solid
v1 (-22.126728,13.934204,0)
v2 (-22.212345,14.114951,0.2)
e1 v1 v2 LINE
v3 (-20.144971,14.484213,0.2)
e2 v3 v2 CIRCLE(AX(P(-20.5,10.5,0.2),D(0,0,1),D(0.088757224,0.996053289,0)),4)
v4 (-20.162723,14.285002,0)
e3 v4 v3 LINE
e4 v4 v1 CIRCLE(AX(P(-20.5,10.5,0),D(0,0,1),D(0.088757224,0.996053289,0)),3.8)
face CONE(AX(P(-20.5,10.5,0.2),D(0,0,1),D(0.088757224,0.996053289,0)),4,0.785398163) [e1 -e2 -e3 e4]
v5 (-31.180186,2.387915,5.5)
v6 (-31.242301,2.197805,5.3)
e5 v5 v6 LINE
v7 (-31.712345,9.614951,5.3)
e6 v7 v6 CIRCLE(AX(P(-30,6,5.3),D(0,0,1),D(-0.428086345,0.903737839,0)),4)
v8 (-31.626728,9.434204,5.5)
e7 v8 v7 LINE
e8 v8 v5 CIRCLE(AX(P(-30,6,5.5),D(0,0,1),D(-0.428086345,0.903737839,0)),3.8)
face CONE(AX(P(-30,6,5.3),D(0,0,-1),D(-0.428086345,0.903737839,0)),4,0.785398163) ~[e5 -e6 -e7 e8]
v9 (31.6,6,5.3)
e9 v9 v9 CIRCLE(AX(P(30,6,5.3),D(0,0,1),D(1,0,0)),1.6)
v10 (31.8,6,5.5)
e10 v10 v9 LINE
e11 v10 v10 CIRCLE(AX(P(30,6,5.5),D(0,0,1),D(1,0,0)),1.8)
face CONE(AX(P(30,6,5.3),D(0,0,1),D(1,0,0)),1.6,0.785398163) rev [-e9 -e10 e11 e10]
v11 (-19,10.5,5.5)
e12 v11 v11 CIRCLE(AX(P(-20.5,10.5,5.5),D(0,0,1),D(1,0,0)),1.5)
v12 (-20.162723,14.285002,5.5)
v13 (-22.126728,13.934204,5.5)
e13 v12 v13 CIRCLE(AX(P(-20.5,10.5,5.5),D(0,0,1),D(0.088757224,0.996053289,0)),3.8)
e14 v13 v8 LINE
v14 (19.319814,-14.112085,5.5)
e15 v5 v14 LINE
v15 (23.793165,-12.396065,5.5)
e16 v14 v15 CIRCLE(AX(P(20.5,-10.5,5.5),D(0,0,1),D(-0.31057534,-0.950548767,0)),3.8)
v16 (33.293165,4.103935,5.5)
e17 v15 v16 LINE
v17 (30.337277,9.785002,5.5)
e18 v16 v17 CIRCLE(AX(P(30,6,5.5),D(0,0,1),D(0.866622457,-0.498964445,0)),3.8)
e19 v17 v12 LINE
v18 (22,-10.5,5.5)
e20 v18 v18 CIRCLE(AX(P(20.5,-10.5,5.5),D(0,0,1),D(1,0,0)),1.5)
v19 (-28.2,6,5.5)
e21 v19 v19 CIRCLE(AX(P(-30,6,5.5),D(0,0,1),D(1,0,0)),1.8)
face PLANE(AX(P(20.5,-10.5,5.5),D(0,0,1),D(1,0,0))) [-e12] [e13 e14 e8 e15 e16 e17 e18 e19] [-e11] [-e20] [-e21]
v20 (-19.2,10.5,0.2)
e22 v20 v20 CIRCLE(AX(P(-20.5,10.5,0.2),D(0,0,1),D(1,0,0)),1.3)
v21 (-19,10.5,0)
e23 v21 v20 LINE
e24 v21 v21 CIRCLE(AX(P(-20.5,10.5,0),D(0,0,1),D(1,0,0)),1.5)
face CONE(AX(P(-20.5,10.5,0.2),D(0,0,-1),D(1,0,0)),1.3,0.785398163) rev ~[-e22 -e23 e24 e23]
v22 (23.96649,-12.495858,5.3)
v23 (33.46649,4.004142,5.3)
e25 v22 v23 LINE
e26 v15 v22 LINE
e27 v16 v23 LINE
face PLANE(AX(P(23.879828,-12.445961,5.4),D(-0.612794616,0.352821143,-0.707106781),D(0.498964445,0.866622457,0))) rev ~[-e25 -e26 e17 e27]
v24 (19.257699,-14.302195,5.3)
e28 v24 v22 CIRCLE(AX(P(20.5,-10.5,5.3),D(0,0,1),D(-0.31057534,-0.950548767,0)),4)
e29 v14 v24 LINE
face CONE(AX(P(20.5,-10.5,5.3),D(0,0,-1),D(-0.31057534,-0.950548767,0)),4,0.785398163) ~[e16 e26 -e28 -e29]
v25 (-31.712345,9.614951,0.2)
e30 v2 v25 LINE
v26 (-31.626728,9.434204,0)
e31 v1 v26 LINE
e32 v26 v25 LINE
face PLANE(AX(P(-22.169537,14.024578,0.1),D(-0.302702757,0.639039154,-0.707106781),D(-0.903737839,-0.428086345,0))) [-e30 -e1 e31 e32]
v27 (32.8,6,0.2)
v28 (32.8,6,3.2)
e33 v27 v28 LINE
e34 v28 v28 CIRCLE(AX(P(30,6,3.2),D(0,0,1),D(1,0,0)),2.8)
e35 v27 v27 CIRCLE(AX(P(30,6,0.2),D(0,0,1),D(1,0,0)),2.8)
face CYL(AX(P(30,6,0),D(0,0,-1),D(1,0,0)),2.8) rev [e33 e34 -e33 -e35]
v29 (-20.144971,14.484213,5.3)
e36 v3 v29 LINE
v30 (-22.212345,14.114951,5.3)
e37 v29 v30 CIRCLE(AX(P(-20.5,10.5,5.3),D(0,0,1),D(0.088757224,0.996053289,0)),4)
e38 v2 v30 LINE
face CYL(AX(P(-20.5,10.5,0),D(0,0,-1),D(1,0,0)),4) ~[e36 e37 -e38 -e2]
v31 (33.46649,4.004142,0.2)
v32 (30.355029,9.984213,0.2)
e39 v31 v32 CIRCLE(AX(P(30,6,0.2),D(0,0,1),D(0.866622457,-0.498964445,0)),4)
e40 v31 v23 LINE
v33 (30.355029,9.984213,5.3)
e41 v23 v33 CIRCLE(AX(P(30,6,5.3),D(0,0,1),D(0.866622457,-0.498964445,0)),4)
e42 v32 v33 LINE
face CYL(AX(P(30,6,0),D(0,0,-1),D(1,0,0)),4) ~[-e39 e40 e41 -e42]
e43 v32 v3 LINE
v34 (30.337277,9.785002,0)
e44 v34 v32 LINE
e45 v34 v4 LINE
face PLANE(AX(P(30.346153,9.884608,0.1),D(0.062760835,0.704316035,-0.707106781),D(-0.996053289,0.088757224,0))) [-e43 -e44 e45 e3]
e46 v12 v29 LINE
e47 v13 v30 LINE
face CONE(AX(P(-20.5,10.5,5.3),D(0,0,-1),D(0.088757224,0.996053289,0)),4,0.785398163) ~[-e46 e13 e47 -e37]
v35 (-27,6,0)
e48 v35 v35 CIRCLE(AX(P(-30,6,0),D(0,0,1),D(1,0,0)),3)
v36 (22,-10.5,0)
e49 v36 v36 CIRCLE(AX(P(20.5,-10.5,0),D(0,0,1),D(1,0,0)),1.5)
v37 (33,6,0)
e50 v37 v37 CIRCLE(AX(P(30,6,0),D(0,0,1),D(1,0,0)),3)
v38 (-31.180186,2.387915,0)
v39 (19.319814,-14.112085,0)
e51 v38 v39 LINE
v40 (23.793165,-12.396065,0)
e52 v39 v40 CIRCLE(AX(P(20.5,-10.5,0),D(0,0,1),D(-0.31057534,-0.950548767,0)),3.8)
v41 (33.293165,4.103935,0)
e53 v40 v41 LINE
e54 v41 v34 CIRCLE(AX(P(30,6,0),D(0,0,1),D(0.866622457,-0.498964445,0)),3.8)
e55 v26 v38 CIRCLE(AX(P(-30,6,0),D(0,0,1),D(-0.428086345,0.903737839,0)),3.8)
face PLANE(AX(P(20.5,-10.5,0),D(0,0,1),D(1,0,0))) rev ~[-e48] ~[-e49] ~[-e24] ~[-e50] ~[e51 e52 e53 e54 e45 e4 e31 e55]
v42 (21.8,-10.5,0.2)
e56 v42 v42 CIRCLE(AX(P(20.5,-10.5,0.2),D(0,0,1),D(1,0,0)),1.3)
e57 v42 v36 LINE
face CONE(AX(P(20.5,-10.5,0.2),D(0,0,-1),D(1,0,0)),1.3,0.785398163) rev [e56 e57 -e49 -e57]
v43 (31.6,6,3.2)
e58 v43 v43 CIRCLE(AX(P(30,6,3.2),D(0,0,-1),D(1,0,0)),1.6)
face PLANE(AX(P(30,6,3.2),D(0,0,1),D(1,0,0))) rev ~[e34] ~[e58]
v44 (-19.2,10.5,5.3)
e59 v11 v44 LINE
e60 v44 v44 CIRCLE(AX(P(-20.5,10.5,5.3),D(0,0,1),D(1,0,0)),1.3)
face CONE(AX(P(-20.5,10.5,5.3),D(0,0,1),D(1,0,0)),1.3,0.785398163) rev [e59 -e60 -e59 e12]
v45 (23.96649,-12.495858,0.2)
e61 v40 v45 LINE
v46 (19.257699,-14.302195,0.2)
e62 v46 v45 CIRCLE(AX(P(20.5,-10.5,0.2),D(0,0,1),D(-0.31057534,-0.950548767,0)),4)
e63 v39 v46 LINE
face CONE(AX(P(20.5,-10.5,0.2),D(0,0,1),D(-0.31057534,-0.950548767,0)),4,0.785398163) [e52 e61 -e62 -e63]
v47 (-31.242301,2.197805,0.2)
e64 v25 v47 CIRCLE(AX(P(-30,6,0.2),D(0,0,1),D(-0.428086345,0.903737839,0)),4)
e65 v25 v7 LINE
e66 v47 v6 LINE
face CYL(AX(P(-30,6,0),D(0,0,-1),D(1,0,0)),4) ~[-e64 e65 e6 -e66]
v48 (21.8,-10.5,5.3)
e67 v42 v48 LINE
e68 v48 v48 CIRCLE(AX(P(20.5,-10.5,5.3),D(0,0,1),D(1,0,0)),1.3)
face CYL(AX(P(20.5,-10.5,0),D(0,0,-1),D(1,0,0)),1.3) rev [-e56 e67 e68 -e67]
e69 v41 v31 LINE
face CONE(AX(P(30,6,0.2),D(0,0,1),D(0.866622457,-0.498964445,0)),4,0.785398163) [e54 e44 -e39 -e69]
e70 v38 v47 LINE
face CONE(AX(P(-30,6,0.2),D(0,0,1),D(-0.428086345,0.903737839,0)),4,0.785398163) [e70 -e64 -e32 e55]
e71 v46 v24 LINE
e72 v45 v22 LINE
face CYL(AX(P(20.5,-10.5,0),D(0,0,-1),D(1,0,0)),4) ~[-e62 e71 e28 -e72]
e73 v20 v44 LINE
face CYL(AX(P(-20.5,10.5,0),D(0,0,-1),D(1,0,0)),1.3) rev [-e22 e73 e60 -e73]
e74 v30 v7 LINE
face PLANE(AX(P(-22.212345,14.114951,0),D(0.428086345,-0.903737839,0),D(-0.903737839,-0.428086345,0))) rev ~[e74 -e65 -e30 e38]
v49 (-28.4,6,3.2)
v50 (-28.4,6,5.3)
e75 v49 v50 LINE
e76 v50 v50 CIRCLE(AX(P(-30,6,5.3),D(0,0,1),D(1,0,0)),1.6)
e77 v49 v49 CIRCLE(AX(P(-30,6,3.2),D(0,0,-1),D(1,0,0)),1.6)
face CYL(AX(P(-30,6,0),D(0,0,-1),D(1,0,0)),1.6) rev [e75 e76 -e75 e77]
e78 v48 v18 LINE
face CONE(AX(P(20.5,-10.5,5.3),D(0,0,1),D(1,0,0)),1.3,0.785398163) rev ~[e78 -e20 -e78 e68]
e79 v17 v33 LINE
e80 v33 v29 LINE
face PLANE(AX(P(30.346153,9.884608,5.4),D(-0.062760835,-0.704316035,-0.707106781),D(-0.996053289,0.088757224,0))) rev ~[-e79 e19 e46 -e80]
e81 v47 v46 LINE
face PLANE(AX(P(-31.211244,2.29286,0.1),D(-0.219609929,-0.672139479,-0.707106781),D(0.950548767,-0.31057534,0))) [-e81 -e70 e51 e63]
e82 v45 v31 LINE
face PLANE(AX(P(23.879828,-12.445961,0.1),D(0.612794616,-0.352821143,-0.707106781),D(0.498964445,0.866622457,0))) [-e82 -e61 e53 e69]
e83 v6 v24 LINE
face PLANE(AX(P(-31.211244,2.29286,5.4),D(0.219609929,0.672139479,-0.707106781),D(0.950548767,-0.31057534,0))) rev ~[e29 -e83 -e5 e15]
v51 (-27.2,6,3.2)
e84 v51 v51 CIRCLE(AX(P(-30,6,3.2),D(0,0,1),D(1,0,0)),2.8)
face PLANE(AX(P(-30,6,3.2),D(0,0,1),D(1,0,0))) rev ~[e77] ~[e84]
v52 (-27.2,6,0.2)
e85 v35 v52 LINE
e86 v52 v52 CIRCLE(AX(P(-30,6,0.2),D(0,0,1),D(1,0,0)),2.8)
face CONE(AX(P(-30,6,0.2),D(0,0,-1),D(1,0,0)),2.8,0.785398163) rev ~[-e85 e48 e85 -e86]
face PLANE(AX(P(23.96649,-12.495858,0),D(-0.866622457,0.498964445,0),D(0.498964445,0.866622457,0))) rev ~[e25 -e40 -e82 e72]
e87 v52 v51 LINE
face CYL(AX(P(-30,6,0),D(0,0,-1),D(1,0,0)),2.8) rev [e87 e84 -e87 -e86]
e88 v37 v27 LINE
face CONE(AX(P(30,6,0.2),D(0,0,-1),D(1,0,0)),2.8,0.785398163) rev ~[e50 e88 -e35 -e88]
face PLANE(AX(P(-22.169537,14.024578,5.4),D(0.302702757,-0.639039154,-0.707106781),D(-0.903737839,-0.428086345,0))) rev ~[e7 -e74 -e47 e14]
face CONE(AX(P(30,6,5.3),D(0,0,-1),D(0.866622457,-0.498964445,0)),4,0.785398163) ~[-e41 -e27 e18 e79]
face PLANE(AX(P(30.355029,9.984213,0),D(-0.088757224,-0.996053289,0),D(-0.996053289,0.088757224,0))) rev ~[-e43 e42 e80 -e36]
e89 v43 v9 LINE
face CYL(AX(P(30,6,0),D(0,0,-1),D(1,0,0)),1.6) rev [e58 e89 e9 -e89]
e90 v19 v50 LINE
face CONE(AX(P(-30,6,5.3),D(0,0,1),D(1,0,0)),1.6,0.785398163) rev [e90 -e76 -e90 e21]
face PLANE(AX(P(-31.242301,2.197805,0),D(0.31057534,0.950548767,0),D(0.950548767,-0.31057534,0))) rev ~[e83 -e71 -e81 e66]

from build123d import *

# Parameters (mm, degrees)
SKETCH1_R           = 4
SKETCH1_R_2         = 1.6
SKETCH1_R_3         = 1.8
SKETCH1_R_4         = 1.3
BOSS_EXTRUDE1_DEPTH = 5.5
SKETCH2_R           = 2.8
CUT_EXTRUDE1_DEPTH  = 3.2
CHAMFER1_SIZE       = 0.2


with BuildPart() as part:
    # Sketch1 → Boss-Extrude1 (new body)
    # profile 1 of 7: a face of its own
    with BuildSketch(Plane.XY):
        with BuildLine():
            Line((30.355028895, 9.984213157), (-20.144971105, 14.484213157))
            ThreePointArc((-20.144971105, 14.484213157), (-17.548719297, 13.199989298), (-16.5, 10.5))
            ThreePointArc((-16.5, 10.5), (-22.638997252, 7.119956989), (-22.212345379, 14.114951356))
            Line((-22.212345379, 14.114951356), (-31.712345379, 9.614951356))
            ThreePointArc((-31.712345379, 9.614951356), (-27.861002748, 9.380043011), (-26, 6))
            ThreePointArc((-26, 6), (-27.651511703, 2.762006375), (-31.242301359, 2.197804932))
            Line((-31.242301359, 2.197804932), (19.257698641, -14.302195068))
            ThreePointArc((19.257698641, -14.302195068), (18.151511703, -7.262006375), (24.5, -10.5))
            ThreePointArc((24.5, -10.5), (24.364321371, -11.532966769), (23.966489827, -12.495857779))
            Line((23.966489827, -12.495857779), (33.466489827, 4.004142221))
            ThreePointArc((33.466489827, 4.004142221), (26.451575922, 4.153737137), (30.355028895, 9.984213157))
        make_face()
    # profile 2 of 7: a face of its own
    with BuildSketch(Plane.XY):
        with Locations((-30, 6)):
            Circle(SKETCH1_R)
        with Locations((-30, 6)):
            Circle(SKETCH1_R_2, mode=Mode.SUBTRACT)
    # profile 3 of 7: a face of its own
    with BuildSketch(Plane.XY):
        with Locations((-20.5, 10.5)):
            Circle(SKETCH1_R)
        with Locations((-20.5, 10.5)):
            Circle(SKETCH1_R_3, mode=Mode.SUBTRACT)
    # profile 4 of 7: a face of its own
    with BuildSketch(Plane.XY):
        with Locations((30, 6)):
            Circle(SKETCH1_R)
        with Locations((30, 6)):
            Circle(SKETCH1_R_2, mode=Mode.SUBTRACT)
    # profile 5 of 7: a face of its own
    with BuildSketch(Plane.XY):
        with Locations((20.5, -10.5)):
            Circle(SKETCH1_R)
        with Locations((20.5, -10.5)):
            Circle(SKETCH1_R_3, mode=Mode.SUBTRACT)
    # profile 6 of 7: a face of its own
    with BuildSketch(Plane.XY):
        with Locations((-20.5, 10.5)):
            Circle(SKETCH1_R_3)
        with Locations((-20.5, 10.5)):
            Circle(SKETCH1_R_4, mode=Mode.SUBTRACT)
    # profile 7 of 7: a face of its own
    with BuildSketch(Plane.XY):
        with Locations((20.5, -10.5)):
            Circle(SKETCH1_R_3)
        with Locations((20.5, -10.5)):
            Circle(SKETCH1_R_4, mode=Mode.SUBTRACT)
    extrude(amount=BOSS_EXTRUDE1_DEPTH)

    # Sketch2 → Cut-Extrude1 (cut)
    with BuildSketch(Plane.XY):
        with Locations((-30, 6)):
            Circle(SKETCH2_R)
        with Locations((30, 6)):
            Circle(SKETCH2_R)
    extrude(amount=CUT_EXTRUDE1_DEPTH, mode=Mode.SUBTRACT)

    # Chamfer1
    chamfer1_edges = [part.edges().sort_by_distance(p)[0] for p in [
        (33.548424078, 7.846262863, 5.5),
        (-21.8, 10.5, 0),
        (19.2, -10.5, 0),
        (21.932643426, -14.234639583, 0),
        (-5.992301359, -6.052195068, 0),
        (-33.991991934, 5.747017002, 0),
        (-26.962345379, 11.864951356, 0),
        (-21.203324661, 14.437681351, 0),
        (5.105028895, 12.234213157, 0),
        (5.105028895, 12.234213157, 5.5),
        (33.548424078, 7.846262863, 0),
        (28.716489827, -4.245857779, 0),
        (-21.203324661, 14.437681351, 5.5),
        (-26.962345379, 11.864951356, 5.5),
        (-33.991991934, 5.747017002, 5.5),
        (-5.992301359, -6.052195068, 5.5),
        (21.932643426, -14.234639583, 5.5),
        (-31.6, 6, 5.5),
        (28.4, 6, 5.5),
        (-32.8, 6, 0),
        (19.2, -10.5, 5.5),
        (27.2, 6, 0),
        (-21.8, 10.5, 5.5),
        (28.716489827, -4.245857779, 5.5),
    ]]
    chamfer(chamfer1_edges, length=CHAMFER1_SIZE)


solid = part.part
